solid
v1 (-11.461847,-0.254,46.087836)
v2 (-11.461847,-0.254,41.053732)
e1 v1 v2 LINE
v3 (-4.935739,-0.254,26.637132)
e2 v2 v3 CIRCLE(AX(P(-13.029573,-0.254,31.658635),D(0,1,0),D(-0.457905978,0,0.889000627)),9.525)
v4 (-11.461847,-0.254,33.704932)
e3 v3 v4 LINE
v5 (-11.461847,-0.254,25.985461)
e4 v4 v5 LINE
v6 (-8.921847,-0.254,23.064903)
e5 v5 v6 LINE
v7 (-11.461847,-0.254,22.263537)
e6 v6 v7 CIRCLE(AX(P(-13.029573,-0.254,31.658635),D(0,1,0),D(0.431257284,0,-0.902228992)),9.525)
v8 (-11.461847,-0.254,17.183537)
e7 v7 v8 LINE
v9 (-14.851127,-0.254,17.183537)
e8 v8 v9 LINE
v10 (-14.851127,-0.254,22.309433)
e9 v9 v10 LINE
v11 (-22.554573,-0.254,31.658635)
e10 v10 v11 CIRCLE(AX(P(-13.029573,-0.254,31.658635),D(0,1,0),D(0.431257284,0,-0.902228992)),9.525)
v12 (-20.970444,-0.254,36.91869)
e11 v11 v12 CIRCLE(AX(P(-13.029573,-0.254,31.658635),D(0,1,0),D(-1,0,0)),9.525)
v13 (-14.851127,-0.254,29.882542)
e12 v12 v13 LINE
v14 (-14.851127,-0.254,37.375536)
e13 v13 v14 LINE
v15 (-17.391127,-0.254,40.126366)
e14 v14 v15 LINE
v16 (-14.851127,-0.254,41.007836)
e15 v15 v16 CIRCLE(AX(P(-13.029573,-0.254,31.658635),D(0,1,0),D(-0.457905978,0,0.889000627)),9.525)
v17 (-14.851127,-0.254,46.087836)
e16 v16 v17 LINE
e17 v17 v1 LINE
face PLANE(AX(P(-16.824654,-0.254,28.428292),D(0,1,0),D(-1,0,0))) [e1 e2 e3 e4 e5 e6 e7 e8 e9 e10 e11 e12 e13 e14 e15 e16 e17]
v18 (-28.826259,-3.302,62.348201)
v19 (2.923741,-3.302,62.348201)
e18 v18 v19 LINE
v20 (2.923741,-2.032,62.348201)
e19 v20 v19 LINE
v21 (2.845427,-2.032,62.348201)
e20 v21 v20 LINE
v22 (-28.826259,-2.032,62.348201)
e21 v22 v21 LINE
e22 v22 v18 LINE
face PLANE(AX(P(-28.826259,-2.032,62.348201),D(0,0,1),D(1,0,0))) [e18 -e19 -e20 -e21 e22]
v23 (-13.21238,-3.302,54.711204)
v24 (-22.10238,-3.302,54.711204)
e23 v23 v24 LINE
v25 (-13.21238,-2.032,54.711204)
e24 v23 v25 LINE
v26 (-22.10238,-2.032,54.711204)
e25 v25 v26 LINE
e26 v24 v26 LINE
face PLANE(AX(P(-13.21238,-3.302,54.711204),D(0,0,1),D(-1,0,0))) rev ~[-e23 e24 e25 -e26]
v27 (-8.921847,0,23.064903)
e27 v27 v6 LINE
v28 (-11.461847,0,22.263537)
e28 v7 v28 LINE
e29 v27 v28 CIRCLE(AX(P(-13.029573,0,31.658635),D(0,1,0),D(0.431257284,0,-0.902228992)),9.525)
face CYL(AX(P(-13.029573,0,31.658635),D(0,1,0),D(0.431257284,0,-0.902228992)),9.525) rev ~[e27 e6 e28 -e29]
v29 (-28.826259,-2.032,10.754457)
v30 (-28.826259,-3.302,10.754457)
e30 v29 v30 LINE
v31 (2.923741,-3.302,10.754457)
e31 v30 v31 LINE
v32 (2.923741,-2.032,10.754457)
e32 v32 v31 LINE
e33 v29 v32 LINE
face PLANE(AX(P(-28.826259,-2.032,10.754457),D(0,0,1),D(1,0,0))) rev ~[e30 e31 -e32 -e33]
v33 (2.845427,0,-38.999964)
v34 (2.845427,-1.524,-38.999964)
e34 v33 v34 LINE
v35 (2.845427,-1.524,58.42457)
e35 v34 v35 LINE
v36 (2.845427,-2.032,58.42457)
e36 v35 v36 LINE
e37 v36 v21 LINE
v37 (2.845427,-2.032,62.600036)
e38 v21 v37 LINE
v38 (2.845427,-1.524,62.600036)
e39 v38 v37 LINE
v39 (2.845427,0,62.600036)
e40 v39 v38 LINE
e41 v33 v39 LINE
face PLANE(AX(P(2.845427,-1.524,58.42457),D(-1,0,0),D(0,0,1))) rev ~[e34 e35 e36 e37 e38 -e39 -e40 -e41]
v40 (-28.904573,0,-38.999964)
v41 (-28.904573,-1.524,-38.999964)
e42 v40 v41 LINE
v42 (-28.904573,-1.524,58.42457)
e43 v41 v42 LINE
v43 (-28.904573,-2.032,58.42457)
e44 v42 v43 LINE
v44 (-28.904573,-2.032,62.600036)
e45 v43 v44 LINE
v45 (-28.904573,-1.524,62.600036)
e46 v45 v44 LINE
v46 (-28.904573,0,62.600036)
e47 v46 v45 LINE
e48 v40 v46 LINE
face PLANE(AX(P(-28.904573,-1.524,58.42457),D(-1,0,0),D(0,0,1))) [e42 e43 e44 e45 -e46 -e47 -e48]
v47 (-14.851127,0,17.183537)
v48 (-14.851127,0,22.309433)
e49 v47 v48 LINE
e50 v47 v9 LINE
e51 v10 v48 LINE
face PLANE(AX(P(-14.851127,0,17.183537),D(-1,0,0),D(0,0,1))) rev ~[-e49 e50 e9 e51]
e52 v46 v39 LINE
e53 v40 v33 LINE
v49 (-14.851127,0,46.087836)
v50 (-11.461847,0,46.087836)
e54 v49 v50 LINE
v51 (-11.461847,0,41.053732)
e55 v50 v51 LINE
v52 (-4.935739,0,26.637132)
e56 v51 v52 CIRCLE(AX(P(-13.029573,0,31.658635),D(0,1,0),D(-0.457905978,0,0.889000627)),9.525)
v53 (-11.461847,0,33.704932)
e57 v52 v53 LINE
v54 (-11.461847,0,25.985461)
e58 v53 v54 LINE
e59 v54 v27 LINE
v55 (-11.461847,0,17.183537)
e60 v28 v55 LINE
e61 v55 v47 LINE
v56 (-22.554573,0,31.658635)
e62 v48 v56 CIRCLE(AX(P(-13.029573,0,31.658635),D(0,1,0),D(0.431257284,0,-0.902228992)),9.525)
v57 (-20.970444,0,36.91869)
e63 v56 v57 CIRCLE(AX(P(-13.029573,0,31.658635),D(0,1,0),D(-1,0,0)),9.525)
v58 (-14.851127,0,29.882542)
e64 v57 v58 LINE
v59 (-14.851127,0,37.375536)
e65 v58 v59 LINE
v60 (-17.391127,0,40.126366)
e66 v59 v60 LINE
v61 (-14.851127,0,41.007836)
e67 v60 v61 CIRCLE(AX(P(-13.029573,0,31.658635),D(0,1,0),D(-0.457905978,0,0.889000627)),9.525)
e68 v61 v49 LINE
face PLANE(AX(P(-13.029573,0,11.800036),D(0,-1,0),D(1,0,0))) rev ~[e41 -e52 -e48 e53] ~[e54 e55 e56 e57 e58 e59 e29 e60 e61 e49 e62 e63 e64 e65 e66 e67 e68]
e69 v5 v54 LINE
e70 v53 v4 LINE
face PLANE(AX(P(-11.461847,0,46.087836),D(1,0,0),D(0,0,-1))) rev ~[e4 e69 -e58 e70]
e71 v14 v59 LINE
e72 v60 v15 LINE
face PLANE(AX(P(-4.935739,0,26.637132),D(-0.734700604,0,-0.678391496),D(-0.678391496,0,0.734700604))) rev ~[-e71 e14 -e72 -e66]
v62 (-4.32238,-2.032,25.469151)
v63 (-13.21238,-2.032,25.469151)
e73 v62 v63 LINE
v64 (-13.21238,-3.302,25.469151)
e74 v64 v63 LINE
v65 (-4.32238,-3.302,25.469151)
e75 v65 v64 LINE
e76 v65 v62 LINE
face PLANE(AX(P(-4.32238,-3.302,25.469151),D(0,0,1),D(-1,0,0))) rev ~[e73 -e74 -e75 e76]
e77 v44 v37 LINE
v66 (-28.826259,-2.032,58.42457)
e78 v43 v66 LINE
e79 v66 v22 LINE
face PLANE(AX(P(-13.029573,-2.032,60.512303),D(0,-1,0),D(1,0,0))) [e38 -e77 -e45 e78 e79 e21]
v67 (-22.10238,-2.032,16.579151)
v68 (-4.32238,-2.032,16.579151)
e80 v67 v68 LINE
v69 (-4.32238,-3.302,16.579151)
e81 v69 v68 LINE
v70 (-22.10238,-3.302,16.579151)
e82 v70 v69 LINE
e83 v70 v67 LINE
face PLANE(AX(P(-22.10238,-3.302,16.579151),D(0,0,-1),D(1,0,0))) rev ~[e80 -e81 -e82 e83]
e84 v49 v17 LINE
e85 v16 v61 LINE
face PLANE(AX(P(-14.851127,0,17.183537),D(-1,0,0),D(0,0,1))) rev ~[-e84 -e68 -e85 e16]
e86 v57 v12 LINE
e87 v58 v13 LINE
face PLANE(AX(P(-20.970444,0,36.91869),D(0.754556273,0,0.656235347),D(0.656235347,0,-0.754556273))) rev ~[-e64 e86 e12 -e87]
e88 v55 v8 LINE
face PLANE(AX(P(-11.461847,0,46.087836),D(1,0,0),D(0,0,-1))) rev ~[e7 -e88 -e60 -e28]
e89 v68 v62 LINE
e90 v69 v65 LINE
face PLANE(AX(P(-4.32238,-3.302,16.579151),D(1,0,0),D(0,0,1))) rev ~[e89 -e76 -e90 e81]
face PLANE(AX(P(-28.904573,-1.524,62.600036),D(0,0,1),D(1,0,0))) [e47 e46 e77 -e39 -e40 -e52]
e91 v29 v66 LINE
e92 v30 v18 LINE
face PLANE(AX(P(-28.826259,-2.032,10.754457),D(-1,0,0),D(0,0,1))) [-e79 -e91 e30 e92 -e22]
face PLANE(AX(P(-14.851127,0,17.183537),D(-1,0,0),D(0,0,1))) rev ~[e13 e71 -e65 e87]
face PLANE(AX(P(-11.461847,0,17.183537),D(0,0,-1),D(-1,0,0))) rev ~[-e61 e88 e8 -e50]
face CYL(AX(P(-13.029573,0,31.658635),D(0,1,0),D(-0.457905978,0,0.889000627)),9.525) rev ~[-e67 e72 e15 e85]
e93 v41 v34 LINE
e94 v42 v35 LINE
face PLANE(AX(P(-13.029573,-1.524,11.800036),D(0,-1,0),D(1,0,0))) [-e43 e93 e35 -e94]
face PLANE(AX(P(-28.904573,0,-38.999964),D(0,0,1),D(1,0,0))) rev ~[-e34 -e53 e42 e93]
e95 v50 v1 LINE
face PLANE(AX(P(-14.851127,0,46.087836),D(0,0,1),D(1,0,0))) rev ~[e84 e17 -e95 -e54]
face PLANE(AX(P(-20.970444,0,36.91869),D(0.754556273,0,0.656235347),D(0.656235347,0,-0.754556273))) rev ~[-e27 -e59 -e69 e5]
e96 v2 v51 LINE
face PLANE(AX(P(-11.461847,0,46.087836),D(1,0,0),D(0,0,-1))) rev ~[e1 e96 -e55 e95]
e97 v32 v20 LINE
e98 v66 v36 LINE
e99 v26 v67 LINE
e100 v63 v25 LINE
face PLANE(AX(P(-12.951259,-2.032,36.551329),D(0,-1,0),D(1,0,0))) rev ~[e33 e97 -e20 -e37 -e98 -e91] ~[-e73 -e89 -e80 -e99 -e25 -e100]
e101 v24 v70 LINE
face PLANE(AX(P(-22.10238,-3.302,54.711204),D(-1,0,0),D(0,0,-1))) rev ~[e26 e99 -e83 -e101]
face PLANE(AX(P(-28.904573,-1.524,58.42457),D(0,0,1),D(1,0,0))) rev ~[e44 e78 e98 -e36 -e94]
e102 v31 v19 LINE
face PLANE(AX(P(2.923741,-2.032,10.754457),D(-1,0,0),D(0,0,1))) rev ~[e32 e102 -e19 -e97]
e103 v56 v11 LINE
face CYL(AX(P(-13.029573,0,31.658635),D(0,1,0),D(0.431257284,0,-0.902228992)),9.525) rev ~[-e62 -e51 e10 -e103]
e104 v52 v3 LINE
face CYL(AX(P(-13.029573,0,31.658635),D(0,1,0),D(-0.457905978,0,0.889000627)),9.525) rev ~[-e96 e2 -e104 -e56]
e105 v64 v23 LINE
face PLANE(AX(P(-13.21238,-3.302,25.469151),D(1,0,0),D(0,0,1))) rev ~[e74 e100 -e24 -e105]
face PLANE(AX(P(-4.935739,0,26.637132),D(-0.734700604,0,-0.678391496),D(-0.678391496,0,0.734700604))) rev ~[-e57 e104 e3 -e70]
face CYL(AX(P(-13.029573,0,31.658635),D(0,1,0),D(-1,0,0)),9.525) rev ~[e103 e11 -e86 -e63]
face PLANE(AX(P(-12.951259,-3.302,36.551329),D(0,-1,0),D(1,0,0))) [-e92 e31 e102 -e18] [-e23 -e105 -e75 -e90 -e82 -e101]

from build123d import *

# Parameters (mm, degrees)
F0_W      = 31.75
F0_H      = 101.6
F1_DEPTH  = 1.524
F2_W      = 31.75
F2_H      = 4.1754661679
F3_DEPTH  = 0.508
F5_W      = 31.75
F5_H      = 51.593744238
F6_DEPTH  = 1.27
F8_DEPTH  = 1.27
F10_DEPTH = 0.254
F12_DEPTH = 0.254


with BuildPart() as f1:
    # F0 (on Front) → F1 (new body)
    with BuildSketch(Plane.XZ):
        with Locations((-13.0295728195, 11.8000358343)):
            Rectangle(F0_W, F0_H)
    extrude(amount=F1_DEPTH)

    # F2 (on face) → F3 (join)
    with BuildSketch(Plane.XZ.offset(1.524)):
        with Locations((-13.0295728195, 60.5123027503)):
            Rectangle(F2_W, F2_H)
    extrude(amount=F3_DEPTH)

    # F5 (on offset) → F6 (join)
    with BuildSketch(Plane.XZ.offset(2.032)):
        with Locations((-12.9512589192, 36.5513293073)):
            Rectangle(F5_W, F5_H)
    extrude(amount=F6_DEPTH)

    # F7 (on face) → F8 (cut)
    with BuildSketch(Plane.XZ.offset(3.302)):
        Polygon((-13.2123797666, 54.7112040222), (-22.1023797666, 54.7112040222), (-22.1023797666, 16.5791511536), (-4.3223797666, 16.5791511536), (-4.3223797666, 25.4691511536), (-13.2123797666, 25.4691511536), align=None)
    extrude(amount=-F8_DEPTH, mode=Mode.SUBTRACT)

    # F9 (on face) → F10 (cut)
    with BuildSketch(Plane(origin=(0, 0, 0), x_dir=(-1, 0, 0), z_dir=(0, 1, 0))):
        with BuildLine():
            Line((4.9357393071, 26.6371323704), (17.3911272623, 40.1263655171))
            ThreePointArc((17.3911272623, 40.1263655171), (6.031549564, 38.1203135447), (4.9357393071, 26.6371323704))
        make_face()
        with BuildLine():
            ThreePointArc((8.9218471858, 23.0649033911), (18.1089201368, 23.6009763334), (22.5545728195, 31.6586345434))
            ThreePointArc((22.5545728195, 31.6586345434), (22.1499463329, 34.405343843), (20.9704443205, 36.9186901328))
            Line((20.9704443205, 36.9186901328), (8.9218471858, 23.0649033911))
        make_face()
    extrude(amount=-F10_DEPTH, mode=Mode.SUBTRACT)

    # F11 (on face) → F12 (cut)
    with BuildSketch(Plane(origin=(0, 0, 0), x_dir=(-1, 0, 0), z_dir=(0, 1, 0))):
        with BuildLine():
            Line((14.8511272623, 46.0878358148), (11.4618471858, 46.0878358148))
            Line((11.4618471858, 46.0878358148), (11.4618471858, 41.0537322724))
            ThreePointArc((11.4618471858, 41.0537322724), (13.1585452479, 41.1827613335), (14.8511272623, 41.0078358148))
            Line((14.8511272623, 41.0078358148), (14.8511272623, 46.0878358148))
        make_face()
        Polygon((14.8511272623, 37.3755357304), (11.4618471858, 33.7049323485), (11.4618471858, 25.9854606917), (14.8511272623, 29.8825420583), align=None)
        with BuildLine():
            ThreePointArc((14.8511272623, 41.0078358148), (13.1585452479, 41.1827613335), (11.4618471858, 41.0537322724))
            Line((11.4618471858, 41.0537322724), (11.4618471858, 33.7049323485))
            Line((11.4618471858, 33.7049323485), (14.8511272623, 37.3755357304))
            Line((14.8511272623, 37.3755357304), (14.8511272623, 41.0078358148))
        make_face()
        with BuildLine():
            Line((14.8511272623, 29.8825420583), (11.4618471858, 25.9854606917))
            Line((11.4618471858, 25.9854606917), (11.4618471858, 22.2635368144))
            ThreePointArc((11.4618471858, 22.2635368144), (13.1585452479, 22.1345077534), (14.8511272623, 22.3094332721))
            Line((14.8511272623, 22.3094332721), (14.8511272623, 29.8825420583))
        make_face()
        with BuildLine():
            ThreePointArc((14.8511272623, 22.3094332721), (13.1585452479, 22.1345077534), (11.4618471858, 22.2635368144))
            Line((11.4618471858, 22.2635368144), (11.4618471858, 17.1835368144))
            Line((11.4618471858, 17.1835368144), (14.8511272623, 17.1835368144))
            Line((14.8511272623, 17.1835368144), (14.8511272623, 22.3094332721))
        make_face()
    extrude(amount=-F12_DEPTH, mode=Mode.SUBTRACT)


solid = f1.part
